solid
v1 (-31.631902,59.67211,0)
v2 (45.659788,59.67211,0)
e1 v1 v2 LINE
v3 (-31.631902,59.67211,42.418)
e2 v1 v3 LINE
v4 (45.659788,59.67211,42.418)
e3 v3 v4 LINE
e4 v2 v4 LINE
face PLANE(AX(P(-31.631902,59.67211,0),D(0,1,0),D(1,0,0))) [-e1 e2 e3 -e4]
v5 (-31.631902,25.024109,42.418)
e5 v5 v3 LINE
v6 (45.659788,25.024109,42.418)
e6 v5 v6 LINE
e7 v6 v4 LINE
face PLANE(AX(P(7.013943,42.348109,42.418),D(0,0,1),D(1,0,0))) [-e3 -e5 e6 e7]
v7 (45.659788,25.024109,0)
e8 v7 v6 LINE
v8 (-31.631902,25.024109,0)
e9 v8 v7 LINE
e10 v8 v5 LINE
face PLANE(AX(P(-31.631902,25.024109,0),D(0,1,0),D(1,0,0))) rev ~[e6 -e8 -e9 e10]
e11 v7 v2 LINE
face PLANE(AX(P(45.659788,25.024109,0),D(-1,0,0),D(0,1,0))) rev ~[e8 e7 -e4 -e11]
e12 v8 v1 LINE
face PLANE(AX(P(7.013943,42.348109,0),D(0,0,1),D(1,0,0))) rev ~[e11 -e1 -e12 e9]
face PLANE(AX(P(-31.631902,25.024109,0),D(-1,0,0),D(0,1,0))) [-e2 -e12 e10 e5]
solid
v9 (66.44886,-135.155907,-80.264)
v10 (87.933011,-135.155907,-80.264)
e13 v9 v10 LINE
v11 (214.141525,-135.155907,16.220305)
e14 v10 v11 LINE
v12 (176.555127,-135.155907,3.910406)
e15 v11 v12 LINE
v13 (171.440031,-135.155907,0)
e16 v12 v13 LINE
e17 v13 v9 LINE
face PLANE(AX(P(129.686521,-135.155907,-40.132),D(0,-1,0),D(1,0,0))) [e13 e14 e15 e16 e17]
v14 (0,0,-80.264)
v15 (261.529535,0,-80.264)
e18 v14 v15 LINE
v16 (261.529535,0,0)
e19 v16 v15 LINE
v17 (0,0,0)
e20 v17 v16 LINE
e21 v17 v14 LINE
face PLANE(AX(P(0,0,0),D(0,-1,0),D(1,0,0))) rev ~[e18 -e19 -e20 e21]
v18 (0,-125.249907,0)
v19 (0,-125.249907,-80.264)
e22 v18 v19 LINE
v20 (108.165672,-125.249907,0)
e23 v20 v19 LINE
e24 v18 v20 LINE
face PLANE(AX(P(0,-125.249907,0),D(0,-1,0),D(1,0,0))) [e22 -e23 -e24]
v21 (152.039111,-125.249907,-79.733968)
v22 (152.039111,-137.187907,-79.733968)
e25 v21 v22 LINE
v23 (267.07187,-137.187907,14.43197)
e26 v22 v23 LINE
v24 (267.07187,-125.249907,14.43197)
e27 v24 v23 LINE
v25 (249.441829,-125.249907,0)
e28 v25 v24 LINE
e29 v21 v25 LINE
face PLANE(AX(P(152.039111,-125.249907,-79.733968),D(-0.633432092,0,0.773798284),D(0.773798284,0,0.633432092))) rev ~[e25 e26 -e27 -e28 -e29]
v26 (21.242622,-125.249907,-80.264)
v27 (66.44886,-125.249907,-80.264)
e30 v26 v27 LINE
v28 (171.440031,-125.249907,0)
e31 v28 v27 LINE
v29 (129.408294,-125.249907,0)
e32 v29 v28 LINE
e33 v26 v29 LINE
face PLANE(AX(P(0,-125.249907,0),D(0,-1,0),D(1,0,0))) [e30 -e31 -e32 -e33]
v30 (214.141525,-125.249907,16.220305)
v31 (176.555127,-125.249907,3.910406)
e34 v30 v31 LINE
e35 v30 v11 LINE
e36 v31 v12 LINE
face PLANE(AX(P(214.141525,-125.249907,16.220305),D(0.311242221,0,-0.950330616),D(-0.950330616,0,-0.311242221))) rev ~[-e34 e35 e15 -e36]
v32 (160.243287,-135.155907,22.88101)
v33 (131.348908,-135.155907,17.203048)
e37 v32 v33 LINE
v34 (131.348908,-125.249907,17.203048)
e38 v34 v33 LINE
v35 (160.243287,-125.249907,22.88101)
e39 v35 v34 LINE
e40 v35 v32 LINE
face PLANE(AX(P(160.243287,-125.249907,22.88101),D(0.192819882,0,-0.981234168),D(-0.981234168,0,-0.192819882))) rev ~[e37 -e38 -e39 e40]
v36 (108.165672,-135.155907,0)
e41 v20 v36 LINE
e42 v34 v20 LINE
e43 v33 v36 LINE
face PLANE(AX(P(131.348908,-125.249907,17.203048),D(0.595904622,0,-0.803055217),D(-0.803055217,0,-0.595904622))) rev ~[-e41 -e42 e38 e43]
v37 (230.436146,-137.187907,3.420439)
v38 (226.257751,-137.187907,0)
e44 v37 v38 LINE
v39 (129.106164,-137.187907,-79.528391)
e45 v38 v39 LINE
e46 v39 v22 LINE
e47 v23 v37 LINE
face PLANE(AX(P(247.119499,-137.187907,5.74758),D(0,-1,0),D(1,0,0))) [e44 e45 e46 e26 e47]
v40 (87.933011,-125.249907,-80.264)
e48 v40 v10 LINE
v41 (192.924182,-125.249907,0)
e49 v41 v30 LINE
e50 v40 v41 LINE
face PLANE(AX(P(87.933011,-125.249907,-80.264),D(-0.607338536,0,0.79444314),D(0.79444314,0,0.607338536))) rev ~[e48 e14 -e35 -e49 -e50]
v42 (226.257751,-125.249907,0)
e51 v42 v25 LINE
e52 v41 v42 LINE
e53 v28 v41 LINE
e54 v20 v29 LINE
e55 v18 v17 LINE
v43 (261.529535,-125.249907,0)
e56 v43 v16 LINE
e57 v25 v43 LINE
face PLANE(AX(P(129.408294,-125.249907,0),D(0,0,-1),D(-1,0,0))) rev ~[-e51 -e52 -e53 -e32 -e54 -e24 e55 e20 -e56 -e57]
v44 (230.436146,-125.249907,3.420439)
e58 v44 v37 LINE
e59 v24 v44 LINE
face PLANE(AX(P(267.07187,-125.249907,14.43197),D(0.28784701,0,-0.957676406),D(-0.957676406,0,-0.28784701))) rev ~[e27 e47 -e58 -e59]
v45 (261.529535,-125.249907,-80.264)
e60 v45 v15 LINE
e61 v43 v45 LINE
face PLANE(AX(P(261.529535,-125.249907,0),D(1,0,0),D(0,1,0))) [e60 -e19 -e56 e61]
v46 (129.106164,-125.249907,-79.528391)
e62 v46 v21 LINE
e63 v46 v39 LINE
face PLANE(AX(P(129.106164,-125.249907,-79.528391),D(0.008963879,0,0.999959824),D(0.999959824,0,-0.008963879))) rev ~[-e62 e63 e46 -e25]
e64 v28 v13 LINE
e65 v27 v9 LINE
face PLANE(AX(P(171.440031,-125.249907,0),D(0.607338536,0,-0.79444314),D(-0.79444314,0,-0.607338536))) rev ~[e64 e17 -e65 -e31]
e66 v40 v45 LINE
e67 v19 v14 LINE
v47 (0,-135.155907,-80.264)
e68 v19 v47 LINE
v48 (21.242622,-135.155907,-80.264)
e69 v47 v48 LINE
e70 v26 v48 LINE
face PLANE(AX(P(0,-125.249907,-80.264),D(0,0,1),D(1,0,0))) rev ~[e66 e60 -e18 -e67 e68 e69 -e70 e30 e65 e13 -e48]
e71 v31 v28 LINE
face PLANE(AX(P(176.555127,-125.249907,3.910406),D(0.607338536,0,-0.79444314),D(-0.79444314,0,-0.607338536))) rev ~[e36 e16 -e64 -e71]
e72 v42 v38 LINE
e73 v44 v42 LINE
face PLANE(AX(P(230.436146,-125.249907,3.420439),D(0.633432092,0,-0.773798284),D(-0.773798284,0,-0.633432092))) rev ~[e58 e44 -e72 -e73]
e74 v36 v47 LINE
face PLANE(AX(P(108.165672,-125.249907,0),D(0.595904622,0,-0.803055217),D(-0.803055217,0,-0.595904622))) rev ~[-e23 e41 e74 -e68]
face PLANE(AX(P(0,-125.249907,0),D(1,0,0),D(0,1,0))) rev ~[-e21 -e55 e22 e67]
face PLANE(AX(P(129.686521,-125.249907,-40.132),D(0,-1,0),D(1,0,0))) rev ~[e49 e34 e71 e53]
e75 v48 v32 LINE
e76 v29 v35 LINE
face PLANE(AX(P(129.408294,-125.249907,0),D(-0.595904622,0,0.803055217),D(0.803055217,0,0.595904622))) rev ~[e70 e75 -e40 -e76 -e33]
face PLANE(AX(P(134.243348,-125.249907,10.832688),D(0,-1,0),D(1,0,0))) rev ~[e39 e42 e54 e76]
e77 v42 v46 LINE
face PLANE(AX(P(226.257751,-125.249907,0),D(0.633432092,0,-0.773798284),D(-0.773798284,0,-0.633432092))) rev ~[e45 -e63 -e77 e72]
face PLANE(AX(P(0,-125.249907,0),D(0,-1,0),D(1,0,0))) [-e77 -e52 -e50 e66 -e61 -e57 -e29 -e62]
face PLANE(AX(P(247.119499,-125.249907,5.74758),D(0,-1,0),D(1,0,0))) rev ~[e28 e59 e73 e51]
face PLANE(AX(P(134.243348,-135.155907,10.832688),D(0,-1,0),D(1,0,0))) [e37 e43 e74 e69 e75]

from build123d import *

# Parameters (mm, degrees)
F0_W     = 261.5295350552
F0_H     = 125.2499073744
F1_DEPTH = 80.264
F2_W     = 77.2916898131
F2_H     = 34.648001194
F3_DEPTH = 42.418
F5_DEPTH = 9.906
F6_DEPTH = 9.906
F8_DEPTH = 11.938


with BuildPart() as f1:
    # F0 (on Top) → F1 (new body)
    with BuildSketch(Plane.XY):
        with Locations((130.7647675276, -62.6249536872)):
            Rectangle(F0_W, F0_H)
    extrude(amount=-F1_DEPTH)

    # F4 (on face) → F5 (join)
    with BuildSketch(Plane.XZ.offset(125.2499073744)):
        Polygon((108.1656721705, 0), (0, -80.264), (21.2426222861, -80.264), (129.4082944565, 0), align=None)
    extrude(amount=F5_DEPTH)

    # F4 (on face) → F6 (join)
    with BuildSketch(Plane.XZ.offset(125.2499073744)):
        Polygon((131.3489079475, 17.2030478716), (108.1656721705, 0), (129.4082944565, 0), (160.2432873569, 22.8810104028), align=None)
        Polygon((171.4400309796, 0), (66.4488598704, -80.264), (87.933011353, -80.264), (192.9241824621, 0), align=None)
        Polygon((176.5551269054, 3.9104055613), (171.4400309796, 0), (192.9241824621, 0), (214.1415250586, 16.2203046997), align=None)
    extrude(amount=F6_DEPTH)

    # F7 (on face) → F8 (join)
    with BuildSketch(Plane.XZ.offset(125.2499073744)):
        Polygon((230.4361462593, 3.4204390831), (226.2577506167, 0), (249.4418286874, 0), (267.0718695542, 14.4319700613), align=None)
        Polygon((226.2577506167, 0), (129.1061639786, -79.5283913612), (152.0391106606, -79.7339677811), (249.4418286874, 0), align=None)
    extrude(amount=F8_DEPTH)


with BuildPart() as f3:
    # F2 (on Top) → F3 (new body)
    with BuildSketch(Plane.XY):
        with Locations((7.0139430463, 42.3481091857)):
            Rectangle(F2_W, F2_H)
    extrude(amount=F3_DEPTH)


solid = Compound([f1.part, f3.part])
